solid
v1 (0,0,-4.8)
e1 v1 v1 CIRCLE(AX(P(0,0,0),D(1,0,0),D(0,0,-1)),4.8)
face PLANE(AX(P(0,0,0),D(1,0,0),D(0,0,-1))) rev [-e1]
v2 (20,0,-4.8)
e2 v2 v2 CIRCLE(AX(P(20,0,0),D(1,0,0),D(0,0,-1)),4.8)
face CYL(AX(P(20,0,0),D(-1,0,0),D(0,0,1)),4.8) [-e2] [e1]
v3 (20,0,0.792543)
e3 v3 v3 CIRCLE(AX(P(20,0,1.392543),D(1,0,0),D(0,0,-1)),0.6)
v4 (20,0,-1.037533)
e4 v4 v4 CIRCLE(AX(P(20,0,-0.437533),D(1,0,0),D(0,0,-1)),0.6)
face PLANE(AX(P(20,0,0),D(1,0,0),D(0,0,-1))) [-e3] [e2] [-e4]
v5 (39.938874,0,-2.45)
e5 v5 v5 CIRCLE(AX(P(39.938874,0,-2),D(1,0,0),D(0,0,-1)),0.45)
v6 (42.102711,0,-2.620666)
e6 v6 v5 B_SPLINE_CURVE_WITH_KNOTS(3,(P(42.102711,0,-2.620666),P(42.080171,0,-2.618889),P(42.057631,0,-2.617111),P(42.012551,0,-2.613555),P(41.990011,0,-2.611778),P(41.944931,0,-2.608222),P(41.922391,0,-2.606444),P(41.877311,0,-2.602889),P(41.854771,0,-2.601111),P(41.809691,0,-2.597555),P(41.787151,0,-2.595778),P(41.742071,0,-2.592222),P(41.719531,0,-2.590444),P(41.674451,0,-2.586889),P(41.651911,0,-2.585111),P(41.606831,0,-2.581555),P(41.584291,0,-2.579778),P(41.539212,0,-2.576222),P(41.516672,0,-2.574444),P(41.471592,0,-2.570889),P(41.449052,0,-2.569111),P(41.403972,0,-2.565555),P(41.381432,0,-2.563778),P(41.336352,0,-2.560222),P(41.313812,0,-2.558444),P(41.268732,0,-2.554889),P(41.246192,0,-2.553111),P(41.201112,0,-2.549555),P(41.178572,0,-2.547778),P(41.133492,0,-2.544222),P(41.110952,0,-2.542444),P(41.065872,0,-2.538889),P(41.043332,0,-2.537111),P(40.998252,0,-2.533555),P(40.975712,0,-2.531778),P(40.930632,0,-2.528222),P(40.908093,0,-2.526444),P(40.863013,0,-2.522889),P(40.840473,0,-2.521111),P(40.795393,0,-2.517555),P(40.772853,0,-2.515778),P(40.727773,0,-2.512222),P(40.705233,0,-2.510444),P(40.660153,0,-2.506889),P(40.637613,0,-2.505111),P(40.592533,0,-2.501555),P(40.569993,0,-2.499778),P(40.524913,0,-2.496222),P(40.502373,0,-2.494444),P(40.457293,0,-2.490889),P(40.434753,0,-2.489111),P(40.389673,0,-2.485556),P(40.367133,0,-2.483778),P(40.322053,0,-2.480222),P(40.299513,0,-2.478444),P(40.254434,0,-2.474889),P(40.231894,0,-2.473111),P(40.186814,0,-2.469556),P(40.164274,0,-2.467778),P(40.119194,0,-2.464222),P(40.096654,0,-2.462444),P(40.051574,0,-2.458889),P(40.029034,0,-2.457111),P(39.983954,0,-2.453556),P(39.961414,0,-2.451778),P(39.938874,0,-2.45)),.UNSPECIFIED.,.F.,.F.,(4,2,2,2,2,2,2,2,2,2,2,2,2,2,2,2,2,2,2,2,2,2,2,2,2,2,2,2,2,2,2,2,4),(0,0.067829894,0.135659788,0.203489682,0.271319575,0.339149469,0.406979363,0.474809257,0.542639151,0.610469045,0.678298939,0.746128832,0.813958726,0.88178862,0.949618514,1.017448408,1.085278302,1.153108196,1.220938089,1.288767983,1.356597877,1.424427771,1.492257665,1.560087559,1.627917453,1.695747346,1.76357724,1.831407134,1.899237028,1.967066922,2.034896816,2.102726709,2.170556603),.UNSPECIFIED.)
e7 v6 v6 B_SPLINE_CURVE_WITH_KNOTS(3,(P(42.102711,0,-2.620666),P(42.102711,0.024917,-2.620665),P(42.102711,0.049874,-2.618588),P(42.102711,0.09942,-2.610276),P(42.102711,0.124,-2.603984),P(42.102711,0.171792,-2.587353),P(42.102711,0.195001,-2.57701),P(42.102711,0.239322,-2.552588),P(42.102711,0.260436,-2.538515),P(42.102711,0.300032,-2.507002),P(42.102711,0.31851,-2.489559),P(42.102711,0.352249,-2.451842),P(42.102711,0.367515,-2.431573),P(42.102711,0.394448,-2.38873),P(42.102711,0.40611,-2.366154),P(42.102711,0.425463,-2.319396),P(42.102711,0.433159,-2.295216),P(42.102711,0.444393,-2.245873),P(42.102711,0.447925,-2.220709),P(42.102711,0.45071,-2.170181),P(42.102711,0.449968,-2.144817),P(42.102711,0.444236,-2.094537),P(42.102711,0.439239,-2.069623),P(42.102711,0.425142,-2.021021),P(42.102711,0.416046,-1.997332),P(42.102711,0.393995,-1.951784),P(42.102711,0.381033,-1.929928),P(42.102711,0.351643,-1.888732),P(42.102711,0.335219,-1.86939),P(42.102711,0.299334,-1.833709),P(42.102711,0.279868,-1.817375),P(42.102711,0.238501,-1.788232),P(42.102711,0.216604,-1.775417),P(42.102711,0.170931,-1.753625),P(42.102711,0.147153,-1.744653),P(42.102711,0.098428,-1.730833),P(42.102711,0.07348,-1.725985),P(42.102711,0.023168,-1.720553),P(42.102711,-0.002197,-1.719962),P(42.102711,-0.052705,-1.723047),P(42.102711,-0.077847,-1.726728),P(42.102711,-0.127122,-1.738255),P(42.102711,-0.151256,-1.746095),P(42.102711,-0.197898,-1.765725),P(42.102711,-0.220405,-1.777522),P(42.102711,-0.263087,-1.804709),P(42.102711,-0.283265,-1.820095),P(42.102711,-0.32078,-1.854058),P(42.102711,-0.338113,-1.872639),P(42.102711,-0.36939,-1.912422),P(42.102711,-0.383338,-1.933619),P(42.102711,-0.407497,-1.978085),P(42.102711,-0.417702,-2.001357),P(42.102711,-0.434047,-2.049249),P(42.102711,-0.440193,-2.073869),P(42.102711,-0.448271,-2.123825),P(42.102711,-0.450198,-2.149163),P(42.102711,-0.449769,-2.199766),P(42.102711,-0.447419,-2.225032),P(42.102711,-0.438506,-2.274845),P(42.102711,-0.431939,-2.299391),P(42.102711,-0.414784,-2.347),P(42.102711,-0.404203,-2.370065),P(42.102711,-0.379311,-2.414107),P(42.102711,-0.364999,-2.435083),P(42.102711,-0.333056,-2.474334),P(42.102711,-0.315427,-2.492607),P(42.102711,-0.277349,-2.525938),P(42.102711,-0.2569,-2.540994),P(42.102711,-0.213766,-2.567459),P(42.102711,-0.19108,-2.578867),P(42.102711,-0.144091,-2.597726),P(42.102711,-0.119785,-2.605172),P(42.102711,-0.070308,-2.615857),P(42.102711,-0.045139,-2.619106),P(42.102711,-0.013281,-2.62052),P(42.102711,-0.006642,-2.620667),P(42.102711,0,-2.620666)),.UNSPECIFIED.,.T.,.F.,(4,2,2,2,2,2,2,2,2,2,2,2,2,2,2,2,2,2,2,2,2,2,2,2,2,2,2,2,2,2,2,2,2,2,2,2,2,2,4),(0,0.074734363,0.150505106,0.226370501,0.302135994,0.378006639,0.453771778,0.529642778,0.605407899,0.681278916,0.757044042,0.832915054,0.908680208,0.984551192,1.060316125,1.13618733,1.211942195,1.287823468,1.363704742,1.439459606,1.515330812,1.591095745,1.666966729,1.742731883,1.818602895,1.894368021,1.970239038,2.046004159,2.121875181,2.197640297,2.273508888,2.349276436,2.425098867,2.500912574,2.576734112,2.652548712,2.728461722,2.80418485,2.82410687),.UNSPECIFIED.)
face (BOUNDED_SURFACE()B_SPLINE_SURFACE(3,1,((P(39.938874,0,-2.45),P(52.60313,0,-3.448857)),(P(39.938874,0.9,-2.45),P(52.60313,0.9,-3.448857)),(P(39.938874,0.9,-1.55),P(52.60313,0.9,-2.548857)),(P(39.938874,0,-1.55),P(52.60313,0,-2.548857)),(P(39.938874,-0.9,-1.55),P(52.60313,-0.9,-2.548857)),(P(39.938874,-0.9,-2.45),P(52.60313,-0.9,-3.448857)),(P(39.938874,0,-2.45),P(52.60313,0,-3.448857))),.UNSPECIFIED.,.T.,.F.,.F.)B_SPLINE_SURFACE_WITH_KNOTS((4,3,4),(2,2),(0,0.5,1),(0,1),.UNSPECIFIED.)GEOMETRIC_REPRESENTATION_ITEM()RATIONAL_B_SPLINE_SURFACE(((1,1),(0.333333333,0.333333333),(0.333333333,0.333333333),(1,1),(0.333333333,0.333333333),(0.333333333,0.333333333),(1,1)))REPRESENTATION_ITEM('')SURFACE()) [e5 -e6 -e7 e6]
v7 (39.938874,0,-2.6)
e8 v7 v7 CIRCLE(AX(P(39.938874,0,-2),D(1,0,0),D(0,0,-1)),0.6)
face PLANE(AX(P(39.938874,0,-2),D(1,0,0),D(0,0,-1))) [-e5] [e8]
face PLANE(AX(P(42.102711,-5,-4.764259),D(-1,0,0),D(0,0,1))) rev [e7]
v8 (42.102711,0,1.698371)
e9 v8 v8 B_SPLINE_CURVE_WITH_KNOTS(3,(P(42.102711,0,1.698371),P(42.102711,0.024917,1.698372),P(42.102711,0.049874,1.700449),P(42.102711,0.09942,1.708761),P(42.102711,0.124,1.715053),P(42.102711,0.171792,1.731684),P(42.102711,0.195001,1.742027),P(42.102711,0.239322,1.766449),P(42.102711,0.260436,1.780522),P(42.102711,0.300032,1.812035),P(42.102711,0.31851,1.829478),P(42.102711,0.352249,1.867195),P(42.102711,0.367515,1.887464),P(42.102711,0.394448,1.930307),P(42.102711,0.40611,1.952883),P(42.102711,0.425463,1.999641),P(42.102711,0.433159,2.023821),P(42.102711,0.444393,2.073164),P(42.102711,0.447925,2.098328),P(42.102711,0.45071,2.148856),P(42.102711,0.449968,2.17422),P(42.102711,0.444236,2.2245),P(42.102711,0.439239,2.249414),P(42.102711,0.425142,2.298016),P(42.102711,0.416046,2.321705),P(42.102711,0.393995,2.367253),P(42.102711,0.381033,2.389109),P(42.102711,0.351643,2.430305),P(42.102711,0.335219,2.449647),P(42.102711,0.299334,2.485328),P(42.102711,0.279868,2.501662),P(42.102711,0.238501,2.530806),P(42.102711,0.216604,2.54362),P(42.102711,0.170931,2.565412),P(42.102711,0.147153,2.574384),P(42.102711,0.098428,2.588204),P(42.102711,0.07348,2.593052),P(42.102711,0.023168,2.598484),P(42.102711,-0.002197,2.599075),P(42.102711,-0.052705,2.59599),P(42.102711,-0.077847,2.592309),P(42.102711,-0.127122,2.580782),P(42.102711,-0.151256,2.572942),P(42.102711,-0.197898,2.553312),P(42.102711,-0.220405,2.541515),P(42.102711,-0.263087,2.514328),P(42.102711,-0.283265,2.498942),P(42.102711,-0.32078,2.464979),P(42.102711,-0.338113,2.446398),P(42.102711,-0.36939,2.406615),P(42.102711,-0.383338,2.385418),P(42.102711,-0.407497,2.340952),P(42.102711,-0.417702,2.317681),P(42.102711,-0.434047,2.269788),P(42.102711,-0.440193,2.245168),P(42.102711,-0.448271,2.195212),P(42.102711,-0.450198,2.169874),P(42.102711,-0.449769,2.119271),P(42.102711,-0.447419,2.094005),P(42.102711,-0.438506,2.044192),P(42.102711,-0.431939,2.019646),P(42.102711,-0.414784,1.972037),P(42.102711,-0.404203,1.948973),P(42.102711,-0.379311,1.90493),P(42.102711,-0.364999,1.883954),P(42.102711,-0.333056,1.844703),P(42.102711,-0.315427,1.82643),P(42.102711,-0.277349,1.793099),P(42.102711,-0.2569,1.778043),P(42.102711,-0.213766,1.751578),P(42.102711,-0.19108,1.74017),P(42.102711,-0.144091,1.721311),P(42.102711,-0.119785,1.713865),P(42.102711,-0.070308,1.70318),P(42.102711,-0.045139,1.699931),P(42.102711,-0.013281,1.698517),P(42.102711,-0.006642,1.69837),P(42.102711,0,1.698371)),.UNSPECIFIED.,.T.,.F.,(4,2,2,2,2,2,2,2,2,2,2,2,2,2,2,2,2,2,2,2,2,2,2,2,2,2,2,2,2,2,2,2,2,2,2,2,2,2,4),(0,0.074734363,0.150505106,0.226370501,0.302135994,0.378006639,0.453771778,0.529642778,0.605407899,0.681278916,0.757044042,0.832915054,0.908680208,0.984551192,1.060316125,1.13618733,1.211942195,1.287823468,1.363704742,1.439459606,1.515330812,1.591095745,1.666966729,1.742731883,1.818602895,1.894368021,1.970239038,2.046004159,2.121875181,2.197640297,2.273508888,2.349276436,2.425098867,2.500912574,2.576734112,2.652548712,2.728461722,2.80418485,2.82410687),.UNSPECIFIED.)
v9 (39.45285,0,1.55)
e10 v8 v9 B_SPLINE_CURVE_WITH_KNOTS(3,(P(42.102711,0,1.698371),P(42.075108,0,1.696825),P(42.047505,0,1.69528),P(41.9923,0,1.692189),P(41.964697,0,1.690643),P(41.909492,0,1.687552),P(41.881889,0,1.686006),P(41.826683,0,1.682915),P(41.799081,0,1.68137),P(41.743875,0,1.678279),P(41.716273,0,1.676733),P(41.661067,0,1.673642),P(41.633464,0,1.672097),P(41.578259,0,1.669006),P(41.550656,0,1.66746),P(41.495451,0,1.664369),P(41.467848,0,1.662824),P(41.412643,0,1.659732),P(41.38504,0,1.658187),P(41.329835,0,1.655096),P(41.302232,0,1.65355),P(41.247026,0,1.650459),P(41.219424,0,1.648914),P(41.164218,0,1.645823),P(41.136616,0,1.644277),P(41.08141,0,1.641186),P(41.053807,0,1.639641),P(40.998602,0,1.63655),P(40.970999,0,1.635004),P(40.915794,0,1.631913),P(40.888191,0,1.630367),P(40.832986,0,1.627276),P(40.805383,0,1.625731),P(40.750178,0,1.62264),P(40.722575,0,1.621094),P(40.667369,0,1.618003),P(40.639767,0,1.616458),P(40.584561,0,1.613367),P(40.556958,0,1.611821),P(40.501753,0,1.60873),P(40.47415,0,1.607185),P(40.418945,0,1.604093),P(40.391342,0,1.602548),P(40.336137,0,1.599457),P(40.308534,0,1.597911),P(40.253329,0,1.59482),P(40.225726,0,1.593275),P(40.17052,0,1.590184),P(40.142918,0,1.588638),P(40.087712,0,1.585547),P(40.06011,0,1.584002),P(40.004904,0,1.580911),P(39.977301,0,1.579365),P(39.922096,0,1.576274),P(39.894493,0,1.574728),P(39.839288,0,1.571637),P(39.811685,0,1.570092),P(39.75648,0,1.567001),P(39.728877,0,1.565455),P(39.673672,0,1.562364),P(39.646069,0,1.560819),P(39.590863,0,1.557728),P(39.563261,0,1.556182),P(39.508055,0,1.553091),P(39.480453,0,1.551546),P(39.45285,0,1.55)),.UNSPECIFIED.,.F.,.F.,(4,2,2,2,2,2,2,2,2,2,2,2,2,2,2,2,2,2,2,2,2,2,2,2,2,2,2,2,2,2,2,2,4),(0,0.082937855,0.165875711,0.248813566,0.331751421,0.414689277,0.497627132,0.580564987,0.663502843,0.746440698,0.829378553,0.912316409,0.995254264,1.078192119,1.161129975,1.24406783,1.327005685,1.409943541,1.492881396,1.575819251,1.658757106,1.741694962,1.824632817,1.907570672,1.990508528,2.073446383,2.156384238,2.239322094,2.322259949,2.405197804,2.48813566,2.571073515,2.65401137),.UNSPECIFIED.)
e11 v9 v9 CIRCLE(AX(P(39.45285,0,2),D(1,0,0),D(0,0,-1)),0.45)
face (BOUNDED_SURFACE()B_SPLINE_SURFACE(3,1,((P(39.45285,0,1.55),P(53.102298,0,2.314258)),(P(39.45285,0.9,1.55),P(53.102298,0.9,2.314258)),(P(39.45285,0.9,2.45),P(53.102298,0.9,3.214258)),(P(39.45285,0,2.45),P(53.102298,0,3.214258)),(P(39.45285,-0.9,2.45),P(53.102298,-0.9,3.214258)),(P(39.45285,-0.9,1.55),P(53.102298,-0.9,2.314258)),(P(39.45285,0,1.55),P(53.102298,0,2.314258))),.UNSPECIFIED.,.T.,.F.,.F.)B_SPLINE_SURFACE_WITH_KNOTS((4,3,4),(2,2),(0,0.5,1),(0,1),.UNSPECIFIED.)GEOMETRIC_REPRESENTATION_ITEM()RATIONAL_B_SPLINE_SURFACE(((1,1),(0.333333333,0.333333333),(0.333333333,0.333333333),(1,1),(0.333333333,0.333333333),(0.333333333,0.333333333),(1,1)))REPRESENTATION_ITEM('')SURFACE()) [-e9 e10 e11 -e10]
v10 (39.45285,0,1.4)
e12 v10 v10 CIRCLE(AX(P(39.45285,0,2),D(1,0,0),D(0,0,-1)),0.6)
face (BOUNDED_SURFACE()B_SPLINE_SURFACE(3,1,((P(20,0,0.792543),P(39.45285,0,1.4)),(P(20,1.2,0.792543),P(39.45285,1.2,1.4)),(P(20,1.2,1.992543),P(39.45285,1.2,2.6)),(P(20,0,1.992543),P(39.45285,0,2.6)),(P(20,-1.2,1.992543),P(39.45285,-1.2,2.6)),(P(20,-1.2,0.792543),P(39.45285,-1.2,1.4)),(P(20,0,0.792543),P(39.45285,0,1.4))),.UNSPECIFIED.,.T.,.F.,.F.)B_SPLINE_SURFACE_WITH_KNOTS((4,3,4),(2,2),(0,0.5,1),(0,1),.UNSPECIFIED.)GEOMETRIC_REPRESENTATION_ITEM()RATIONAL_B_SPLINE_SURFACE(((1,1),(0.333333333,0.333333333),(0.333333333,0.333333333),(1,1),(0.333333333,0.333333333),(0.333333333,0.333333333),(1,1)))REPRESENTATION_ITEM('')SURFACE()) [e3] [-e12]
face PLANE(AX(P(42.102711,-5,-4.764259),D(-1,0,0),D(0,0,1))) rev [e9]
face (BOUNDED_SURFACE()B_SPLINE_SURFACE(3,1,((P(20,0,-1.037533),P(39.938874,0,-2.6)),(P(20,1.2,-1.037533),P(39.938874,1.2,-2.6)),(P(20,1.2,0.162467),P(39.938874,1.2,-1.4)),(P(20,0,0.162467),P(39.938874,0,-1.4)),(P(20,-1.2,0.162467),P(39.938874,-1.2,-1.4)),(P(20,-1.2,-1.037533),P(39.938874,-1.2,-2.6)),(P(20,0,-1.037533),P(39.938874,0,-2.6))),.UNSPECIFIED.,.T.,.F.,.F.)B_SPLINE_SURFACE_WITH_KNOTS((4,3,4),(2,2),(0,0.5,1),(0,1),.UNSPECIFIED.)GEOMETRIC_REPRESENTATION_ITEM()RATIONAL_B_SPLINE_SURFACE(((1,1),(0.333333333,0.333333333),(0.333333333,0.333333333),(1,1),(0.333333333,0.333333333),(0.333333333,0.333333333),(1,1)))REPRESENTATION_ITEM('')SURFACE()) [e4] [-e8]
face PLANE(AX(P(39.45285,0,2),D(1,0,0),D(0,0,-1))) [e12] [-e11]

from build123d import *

# Parameters (mm, degrees)
SKETCH1_R      = 4.8
TUBE_DEPTH     = 20
SKETCH3_R      = 0.6
SKETCH6_R      = 0.6
SKETCH9_R      = 0.45
SKETCH10_R     = 0.45
SKETCH11_W     = 12.950895794
SKETCH11_H     = 9.583916724
WIRE_CUT_DEPTH = 5


with BuildPart() as part:
    # Sketch1 → Tube (new body)
    with BuildSketch(Plane(origin=(0, 0, 0), x_dir=(0, 0, -1), z_dir=(1, 0, 0))):
        Circle(SKETCH1_R)
    extrude(amount=TUBE_DEPTH)

    # Sweep1: sweep along a path in Sketch2
    with BuildLine(Plane(origin=(0, 0, 0), x_dir=(1, 0, 0), z_dir=(0, 1, 0))) as sweep1_path:
        Line((20, 0.437533256), (39.938874032, 2))
    # Sketch3 → Sweep1 (sweep)
    with BuildSketch(Plane(origin=(20, 0, 0), x_dir=(0, 0, -1), z_dir=(1, 0, 0))):
        with Locations((0.437533256, 0)):
            Circle(SKETCH3_R)
    sweep(path=sweep1_path.line)

    # Sweep2: sweep along a path in Sketch5
    with BuildLine(Plane(origin=(0, 0, 0), x_dir=(1, 0, 0), z_dir=(0, 1, 0))) as sweep2_path:
        Line((20, -1.392543459), (39.452849812, -2))
    # Sketch6 → Sweep2 (sweep)
    with BuildSketch(Plane(origin=(20, 0, 0), x_dir=(0, 0, -1), z_dir=(1, 0, 0))):
        with Locations((-1.392543459, 0)):
            Circle(SKETCH6_R)
    sweep(path=sweep2_path.line)

    # ca: sweep along a path in Sketch7
    with BuildLine(Plane(origin=(0, 0, 0), x_dir=(1, 0, 0), z_dir=(0, 1, 0))) as ca_path:
        Line((39.938874032, 2), (52.603130391, 2.998856902))
    # Sketch9 → ca (sweep)
    with BuildSketch(Plane(origin=(39.938874032, 0, 0), x_dir=(0, 0, -1), z_dir=(1, 0, 0))):
        with Locations((2, 0)):
            Circle(SKETCH9_R)
    sweep(path=ca_path.line)

    # an: sweep along a path in Sketch8
    with BuildLine(Plane(origin=(0, 0, 0), x_dir=(1, 0, 0), z_dir=(0, 1, 0))) as an_path:
        Line((39.452849812, -2), (53.102297824, -2.764258006))
    # Sketch10 → an (sweep)
    with BuildSketch(Plane(origin=(39.452849812, 0, 0), x_dir=(0, 0, -1), z_dir=(1, 0, 0))):
        with Locations((-2, 0)):
            Circle(SKETCH10_R)
    sweep(path=an_path.line)

    # Sketch11 → wire cut (cut, symmetric)
    with BuildSketch(Plane(origin=(0, 0, 0), x_dir=(1, 0, 0), z_dir=(0, 1, 0))):
        with Locations((48.578158556, -0.027699181)):
            Rectangle(SKETCH11_W, SKETCH11_H)
    extrude(amount=WIRE_CUT_DEPTH, both=True, mode=Mode.SUBTRACT)


solid = part.part
